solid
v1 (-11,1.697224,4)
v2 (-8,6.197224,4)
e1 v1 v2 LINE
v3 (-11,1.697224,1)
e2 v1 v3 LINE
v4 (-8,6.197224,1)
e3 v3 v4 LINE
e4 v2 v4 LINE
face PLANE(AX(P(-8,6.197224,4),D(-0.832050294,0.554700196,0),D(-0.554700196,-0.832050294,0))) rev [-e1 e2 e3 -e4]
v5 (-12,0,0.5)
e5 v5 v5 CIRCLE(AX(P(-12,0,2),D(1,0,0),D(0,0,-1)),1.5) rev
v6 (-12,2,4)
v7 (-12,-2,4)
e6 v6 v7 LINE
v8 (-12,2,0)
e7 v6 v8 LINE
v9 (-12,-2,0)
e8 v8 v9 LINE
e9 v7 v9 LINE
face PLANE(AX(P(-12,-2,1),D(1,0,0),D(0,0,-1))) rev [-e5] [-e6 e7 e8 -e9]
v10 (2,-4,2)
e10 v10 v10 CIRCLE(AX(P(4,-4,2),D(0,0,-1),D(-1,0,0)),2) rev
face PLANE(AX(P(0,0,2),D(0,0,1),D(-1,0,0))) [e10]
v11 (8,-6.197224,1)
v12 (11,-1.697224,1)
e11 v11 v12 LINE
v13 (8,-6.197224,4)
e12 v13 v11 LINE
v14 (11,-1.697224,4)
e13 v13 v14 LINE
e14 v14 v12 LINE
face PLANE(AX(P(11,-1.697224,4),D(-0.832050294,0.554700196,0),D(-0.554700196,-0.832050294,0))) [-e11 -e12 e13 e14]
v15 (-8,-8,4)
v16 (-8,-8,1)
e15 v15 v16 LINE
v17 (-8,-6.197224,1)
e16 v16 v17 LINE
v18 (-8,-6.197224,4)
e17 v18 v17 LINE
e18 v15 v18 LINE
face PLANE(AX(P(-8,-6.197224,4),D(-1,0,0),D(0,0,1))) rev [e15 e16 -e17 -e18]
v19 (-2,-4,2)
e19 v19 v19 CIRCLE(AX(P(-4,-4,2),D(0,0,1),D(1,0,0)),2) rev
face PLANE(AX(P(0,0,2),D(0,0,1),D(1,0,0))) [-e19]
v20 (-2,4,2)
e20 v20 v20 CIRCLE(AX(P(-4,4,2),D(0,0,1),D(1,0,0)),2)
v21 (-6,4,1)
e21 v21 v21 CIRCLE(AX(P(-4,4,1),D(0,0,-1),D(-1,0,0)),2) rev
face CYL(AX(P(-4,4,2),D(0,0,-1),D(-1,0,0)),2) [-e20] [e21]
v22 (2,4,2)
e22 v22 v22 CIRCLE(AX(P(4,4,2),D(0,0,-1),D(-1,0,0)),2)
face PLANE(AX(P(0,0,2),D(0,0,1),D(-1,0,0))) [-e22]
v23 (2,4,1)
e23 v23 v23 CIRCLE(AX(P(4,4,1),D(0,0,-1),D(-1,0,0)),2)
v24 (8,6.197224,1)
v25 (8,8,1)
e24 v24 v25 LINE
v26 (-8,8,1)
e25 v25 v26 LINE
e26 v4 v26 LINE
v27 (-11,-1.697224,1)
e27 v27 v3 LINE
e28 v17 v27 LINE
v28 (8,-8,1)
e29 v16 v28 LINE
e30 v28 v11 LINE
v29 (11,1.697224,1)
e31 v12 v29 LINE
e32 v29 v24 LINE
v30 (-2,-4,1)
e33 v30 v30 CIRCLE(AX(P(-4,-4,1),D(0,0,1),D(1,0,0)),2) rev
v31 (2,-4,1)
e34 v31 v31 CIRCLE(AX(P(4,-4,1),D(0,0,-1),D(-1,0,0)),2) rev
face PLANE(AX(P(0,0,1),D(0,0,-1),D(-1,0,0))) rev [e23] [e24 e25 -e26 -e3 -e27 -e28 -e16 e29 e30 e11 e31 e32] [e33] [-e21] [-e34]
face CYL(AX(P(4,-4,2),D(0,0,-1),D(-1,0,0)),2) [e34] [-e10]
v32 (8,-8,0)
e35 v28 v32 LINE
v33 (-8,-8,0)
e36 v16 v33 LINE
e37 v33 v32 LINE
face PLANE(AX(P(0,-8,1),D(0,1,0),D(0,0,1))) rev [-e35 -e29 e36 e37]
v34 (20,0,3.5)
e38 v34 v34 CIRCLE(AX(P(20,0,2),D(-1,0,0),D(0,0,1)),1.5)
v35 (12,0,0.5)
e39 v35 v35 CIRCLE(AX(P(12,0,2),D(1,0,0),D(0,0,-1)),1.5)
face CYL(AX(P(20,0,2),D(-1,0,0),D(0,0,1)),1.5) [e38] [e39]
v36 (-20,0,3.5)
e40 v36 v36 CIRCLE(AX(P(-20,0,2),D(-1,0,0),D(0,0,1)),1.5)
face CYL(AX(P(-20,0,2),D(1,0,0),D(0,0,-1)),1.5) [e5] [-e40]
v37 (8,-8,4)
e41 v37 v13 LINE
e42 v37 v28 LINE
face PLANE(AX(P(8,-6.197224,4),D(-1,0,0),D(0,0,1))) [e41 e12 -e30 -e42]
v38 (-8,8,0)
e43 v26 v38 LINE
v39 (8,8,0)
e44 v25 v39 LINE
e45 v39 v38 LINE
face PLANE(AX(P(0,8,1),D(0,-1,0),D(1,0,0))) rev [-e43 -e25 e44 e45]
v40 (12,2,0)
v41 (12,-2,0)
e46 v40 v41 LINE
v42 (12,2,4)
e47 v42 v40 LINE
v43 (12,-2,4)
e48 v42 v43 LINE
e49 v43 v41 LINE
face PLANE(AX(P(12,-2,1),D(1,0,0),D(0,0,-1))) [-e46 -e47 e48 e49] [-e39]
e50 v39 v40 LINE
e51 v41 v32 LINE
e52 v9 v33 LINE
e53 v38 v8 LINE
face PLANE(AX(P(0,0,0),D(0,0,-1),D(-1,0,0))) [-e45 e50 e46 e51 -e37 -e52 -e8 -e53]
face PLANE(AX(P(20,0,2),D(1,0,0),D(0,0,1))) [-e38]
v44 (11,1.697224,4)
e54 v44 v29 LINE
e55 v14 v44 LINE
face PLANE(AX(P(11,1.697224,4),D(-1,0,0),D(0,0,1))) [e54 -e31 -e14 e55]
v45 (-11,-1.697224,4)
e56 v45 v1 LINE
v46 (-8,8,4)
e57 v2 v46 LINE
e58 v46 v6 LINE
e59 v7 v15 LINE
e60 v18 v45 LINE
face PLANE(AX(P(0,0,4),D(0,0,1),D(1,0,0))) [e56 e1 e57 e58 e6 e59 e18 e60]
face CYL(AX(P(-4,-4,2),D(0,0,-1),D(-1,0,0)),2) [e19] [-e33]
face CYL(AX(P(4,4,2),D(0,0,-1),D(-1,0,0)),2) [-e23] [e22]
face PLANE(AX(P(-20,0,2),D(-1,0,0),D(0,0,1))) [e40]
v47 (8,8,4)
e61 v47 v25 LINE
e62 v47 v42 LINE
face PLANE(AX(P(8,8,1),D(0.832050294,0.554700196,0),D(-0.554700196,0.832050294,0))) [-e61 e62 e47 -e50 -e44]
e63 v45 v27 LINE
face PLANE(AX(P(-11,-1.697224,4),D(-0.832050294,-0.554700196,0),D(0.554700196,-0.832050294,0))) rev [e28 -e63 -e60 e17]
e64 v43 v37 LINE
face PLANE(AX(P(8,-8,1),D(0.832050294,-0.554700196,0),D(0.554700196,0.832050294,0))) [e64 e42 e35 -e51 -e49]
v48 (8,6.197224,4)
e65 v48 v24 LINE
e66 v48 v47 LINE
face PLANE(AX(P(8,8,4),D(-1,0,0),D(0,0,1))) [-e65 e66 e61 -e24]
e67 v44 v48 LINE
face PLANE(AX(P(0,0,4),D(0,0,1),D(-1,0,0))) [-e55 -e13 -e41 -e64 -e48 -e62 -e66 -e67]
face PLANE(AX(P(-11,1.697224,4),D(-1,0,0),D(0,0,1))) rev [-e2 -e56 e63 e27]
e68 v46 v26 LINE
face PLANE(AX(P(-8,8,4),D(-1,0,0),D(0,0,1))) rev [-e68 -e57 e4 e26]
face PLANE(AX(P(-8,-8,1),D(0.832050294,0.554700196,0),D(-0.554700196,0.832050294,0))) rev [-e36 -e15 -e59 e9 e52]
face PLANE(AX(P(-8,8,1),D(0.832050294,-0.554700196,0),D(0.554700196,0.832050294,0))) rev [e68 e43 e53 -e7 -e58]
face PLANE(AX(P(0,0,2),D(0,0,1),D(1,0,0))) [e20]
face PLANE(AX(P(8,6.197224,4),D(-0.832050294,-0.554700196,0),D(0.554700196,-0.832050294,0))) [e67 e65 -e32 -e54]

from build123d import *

# Parameters (mm, degrees)
BOSS_EXTRUDE1_DEPTH = 1
SKETCH3_R           = 2
BOSS_EXTRUDE2_DEPTH = 1
BOSS_EXTRUDE3_DEPTH = 3
SKETCH5_R           = 1.5
BOSS_EXTRUDE6_DEPTH = 8


with BuildPart() as part:
    # Sketch2 → Boss-Extrude1 (new body)
    with BuildSketch(Plane.XY):
        Polygon((-12, -2), (-12, 2), (-8, 8), (0, 8), (0, -8), (-8, -8), align=None)
    boss_extrude1 = extrude(amount=BOSS_EXTRUDE1_DEPTH)

    # Sketch3 → Boss-Extrude2 (add)
    with BuildSketch(Plane.XY.offset(1)):
        with Locations((-4, -4)):
            Circle(SKETCH3_R)
        with Locations(Location((-4, 4, 0), (0, 0, 180))):
            Circle(SKETCH3_R)
    boss_extrude2 = extrude(amount=BOSS_EXTRUDE2_DEPTH)

    # Sketch4 → Boss-Extrude3 (add)
    with BuildSketch(Plane.XY.offset(1)):
        Polygon((-12, -2), (-8, -8), (-8, -6.197224362), (-11, -1.697224362), (-11, 1.697224362), (-8, 6.197224362), (-8, 8), (-12, 2), align=None)
    boss_extrude3 = extrude(amount=BOSS_EXTRUDE3_DEPTH)

    # Sketch5 → Boss-Extrude6 (add)
    with BuildSketch(Plane.ZY.offset(12)):
        with Locations(Location((2, 0, 0), (0, 0, 180))):
            Circle(SKETCH5_R)
    boss_extrude6 = extrude(amount=BOSS_EXTRUDE6_DEPTH)

    # Mirror3: Boss-Extrude1, Boss-Extrude2, Boss-Extrude3, Boss-Extrude6 across plane
    add(boss_extrude1.mirror(Plane(origin=(0, 0, 0), x_dir=(0, 0, 1), z_dir=(1, 0, 0))))
    add(boss_extrude2.mirror(Plane(origin=(0, 0, 0), x_dir=(0, 0, 1), z_dir=(1, 0, 0))))
    add(boss_extrude3.mirror(Plane(origin=(0, 0, 0), x_dir=(0, 0, 1), z_dir=(1, 0, 0))))
    add(boss_extrude6.mirror(Plane(origin=(0, 0, 0), x_dir=(0, 0, 1), z_dir=(1, 0, 0))))


solid = part.part
